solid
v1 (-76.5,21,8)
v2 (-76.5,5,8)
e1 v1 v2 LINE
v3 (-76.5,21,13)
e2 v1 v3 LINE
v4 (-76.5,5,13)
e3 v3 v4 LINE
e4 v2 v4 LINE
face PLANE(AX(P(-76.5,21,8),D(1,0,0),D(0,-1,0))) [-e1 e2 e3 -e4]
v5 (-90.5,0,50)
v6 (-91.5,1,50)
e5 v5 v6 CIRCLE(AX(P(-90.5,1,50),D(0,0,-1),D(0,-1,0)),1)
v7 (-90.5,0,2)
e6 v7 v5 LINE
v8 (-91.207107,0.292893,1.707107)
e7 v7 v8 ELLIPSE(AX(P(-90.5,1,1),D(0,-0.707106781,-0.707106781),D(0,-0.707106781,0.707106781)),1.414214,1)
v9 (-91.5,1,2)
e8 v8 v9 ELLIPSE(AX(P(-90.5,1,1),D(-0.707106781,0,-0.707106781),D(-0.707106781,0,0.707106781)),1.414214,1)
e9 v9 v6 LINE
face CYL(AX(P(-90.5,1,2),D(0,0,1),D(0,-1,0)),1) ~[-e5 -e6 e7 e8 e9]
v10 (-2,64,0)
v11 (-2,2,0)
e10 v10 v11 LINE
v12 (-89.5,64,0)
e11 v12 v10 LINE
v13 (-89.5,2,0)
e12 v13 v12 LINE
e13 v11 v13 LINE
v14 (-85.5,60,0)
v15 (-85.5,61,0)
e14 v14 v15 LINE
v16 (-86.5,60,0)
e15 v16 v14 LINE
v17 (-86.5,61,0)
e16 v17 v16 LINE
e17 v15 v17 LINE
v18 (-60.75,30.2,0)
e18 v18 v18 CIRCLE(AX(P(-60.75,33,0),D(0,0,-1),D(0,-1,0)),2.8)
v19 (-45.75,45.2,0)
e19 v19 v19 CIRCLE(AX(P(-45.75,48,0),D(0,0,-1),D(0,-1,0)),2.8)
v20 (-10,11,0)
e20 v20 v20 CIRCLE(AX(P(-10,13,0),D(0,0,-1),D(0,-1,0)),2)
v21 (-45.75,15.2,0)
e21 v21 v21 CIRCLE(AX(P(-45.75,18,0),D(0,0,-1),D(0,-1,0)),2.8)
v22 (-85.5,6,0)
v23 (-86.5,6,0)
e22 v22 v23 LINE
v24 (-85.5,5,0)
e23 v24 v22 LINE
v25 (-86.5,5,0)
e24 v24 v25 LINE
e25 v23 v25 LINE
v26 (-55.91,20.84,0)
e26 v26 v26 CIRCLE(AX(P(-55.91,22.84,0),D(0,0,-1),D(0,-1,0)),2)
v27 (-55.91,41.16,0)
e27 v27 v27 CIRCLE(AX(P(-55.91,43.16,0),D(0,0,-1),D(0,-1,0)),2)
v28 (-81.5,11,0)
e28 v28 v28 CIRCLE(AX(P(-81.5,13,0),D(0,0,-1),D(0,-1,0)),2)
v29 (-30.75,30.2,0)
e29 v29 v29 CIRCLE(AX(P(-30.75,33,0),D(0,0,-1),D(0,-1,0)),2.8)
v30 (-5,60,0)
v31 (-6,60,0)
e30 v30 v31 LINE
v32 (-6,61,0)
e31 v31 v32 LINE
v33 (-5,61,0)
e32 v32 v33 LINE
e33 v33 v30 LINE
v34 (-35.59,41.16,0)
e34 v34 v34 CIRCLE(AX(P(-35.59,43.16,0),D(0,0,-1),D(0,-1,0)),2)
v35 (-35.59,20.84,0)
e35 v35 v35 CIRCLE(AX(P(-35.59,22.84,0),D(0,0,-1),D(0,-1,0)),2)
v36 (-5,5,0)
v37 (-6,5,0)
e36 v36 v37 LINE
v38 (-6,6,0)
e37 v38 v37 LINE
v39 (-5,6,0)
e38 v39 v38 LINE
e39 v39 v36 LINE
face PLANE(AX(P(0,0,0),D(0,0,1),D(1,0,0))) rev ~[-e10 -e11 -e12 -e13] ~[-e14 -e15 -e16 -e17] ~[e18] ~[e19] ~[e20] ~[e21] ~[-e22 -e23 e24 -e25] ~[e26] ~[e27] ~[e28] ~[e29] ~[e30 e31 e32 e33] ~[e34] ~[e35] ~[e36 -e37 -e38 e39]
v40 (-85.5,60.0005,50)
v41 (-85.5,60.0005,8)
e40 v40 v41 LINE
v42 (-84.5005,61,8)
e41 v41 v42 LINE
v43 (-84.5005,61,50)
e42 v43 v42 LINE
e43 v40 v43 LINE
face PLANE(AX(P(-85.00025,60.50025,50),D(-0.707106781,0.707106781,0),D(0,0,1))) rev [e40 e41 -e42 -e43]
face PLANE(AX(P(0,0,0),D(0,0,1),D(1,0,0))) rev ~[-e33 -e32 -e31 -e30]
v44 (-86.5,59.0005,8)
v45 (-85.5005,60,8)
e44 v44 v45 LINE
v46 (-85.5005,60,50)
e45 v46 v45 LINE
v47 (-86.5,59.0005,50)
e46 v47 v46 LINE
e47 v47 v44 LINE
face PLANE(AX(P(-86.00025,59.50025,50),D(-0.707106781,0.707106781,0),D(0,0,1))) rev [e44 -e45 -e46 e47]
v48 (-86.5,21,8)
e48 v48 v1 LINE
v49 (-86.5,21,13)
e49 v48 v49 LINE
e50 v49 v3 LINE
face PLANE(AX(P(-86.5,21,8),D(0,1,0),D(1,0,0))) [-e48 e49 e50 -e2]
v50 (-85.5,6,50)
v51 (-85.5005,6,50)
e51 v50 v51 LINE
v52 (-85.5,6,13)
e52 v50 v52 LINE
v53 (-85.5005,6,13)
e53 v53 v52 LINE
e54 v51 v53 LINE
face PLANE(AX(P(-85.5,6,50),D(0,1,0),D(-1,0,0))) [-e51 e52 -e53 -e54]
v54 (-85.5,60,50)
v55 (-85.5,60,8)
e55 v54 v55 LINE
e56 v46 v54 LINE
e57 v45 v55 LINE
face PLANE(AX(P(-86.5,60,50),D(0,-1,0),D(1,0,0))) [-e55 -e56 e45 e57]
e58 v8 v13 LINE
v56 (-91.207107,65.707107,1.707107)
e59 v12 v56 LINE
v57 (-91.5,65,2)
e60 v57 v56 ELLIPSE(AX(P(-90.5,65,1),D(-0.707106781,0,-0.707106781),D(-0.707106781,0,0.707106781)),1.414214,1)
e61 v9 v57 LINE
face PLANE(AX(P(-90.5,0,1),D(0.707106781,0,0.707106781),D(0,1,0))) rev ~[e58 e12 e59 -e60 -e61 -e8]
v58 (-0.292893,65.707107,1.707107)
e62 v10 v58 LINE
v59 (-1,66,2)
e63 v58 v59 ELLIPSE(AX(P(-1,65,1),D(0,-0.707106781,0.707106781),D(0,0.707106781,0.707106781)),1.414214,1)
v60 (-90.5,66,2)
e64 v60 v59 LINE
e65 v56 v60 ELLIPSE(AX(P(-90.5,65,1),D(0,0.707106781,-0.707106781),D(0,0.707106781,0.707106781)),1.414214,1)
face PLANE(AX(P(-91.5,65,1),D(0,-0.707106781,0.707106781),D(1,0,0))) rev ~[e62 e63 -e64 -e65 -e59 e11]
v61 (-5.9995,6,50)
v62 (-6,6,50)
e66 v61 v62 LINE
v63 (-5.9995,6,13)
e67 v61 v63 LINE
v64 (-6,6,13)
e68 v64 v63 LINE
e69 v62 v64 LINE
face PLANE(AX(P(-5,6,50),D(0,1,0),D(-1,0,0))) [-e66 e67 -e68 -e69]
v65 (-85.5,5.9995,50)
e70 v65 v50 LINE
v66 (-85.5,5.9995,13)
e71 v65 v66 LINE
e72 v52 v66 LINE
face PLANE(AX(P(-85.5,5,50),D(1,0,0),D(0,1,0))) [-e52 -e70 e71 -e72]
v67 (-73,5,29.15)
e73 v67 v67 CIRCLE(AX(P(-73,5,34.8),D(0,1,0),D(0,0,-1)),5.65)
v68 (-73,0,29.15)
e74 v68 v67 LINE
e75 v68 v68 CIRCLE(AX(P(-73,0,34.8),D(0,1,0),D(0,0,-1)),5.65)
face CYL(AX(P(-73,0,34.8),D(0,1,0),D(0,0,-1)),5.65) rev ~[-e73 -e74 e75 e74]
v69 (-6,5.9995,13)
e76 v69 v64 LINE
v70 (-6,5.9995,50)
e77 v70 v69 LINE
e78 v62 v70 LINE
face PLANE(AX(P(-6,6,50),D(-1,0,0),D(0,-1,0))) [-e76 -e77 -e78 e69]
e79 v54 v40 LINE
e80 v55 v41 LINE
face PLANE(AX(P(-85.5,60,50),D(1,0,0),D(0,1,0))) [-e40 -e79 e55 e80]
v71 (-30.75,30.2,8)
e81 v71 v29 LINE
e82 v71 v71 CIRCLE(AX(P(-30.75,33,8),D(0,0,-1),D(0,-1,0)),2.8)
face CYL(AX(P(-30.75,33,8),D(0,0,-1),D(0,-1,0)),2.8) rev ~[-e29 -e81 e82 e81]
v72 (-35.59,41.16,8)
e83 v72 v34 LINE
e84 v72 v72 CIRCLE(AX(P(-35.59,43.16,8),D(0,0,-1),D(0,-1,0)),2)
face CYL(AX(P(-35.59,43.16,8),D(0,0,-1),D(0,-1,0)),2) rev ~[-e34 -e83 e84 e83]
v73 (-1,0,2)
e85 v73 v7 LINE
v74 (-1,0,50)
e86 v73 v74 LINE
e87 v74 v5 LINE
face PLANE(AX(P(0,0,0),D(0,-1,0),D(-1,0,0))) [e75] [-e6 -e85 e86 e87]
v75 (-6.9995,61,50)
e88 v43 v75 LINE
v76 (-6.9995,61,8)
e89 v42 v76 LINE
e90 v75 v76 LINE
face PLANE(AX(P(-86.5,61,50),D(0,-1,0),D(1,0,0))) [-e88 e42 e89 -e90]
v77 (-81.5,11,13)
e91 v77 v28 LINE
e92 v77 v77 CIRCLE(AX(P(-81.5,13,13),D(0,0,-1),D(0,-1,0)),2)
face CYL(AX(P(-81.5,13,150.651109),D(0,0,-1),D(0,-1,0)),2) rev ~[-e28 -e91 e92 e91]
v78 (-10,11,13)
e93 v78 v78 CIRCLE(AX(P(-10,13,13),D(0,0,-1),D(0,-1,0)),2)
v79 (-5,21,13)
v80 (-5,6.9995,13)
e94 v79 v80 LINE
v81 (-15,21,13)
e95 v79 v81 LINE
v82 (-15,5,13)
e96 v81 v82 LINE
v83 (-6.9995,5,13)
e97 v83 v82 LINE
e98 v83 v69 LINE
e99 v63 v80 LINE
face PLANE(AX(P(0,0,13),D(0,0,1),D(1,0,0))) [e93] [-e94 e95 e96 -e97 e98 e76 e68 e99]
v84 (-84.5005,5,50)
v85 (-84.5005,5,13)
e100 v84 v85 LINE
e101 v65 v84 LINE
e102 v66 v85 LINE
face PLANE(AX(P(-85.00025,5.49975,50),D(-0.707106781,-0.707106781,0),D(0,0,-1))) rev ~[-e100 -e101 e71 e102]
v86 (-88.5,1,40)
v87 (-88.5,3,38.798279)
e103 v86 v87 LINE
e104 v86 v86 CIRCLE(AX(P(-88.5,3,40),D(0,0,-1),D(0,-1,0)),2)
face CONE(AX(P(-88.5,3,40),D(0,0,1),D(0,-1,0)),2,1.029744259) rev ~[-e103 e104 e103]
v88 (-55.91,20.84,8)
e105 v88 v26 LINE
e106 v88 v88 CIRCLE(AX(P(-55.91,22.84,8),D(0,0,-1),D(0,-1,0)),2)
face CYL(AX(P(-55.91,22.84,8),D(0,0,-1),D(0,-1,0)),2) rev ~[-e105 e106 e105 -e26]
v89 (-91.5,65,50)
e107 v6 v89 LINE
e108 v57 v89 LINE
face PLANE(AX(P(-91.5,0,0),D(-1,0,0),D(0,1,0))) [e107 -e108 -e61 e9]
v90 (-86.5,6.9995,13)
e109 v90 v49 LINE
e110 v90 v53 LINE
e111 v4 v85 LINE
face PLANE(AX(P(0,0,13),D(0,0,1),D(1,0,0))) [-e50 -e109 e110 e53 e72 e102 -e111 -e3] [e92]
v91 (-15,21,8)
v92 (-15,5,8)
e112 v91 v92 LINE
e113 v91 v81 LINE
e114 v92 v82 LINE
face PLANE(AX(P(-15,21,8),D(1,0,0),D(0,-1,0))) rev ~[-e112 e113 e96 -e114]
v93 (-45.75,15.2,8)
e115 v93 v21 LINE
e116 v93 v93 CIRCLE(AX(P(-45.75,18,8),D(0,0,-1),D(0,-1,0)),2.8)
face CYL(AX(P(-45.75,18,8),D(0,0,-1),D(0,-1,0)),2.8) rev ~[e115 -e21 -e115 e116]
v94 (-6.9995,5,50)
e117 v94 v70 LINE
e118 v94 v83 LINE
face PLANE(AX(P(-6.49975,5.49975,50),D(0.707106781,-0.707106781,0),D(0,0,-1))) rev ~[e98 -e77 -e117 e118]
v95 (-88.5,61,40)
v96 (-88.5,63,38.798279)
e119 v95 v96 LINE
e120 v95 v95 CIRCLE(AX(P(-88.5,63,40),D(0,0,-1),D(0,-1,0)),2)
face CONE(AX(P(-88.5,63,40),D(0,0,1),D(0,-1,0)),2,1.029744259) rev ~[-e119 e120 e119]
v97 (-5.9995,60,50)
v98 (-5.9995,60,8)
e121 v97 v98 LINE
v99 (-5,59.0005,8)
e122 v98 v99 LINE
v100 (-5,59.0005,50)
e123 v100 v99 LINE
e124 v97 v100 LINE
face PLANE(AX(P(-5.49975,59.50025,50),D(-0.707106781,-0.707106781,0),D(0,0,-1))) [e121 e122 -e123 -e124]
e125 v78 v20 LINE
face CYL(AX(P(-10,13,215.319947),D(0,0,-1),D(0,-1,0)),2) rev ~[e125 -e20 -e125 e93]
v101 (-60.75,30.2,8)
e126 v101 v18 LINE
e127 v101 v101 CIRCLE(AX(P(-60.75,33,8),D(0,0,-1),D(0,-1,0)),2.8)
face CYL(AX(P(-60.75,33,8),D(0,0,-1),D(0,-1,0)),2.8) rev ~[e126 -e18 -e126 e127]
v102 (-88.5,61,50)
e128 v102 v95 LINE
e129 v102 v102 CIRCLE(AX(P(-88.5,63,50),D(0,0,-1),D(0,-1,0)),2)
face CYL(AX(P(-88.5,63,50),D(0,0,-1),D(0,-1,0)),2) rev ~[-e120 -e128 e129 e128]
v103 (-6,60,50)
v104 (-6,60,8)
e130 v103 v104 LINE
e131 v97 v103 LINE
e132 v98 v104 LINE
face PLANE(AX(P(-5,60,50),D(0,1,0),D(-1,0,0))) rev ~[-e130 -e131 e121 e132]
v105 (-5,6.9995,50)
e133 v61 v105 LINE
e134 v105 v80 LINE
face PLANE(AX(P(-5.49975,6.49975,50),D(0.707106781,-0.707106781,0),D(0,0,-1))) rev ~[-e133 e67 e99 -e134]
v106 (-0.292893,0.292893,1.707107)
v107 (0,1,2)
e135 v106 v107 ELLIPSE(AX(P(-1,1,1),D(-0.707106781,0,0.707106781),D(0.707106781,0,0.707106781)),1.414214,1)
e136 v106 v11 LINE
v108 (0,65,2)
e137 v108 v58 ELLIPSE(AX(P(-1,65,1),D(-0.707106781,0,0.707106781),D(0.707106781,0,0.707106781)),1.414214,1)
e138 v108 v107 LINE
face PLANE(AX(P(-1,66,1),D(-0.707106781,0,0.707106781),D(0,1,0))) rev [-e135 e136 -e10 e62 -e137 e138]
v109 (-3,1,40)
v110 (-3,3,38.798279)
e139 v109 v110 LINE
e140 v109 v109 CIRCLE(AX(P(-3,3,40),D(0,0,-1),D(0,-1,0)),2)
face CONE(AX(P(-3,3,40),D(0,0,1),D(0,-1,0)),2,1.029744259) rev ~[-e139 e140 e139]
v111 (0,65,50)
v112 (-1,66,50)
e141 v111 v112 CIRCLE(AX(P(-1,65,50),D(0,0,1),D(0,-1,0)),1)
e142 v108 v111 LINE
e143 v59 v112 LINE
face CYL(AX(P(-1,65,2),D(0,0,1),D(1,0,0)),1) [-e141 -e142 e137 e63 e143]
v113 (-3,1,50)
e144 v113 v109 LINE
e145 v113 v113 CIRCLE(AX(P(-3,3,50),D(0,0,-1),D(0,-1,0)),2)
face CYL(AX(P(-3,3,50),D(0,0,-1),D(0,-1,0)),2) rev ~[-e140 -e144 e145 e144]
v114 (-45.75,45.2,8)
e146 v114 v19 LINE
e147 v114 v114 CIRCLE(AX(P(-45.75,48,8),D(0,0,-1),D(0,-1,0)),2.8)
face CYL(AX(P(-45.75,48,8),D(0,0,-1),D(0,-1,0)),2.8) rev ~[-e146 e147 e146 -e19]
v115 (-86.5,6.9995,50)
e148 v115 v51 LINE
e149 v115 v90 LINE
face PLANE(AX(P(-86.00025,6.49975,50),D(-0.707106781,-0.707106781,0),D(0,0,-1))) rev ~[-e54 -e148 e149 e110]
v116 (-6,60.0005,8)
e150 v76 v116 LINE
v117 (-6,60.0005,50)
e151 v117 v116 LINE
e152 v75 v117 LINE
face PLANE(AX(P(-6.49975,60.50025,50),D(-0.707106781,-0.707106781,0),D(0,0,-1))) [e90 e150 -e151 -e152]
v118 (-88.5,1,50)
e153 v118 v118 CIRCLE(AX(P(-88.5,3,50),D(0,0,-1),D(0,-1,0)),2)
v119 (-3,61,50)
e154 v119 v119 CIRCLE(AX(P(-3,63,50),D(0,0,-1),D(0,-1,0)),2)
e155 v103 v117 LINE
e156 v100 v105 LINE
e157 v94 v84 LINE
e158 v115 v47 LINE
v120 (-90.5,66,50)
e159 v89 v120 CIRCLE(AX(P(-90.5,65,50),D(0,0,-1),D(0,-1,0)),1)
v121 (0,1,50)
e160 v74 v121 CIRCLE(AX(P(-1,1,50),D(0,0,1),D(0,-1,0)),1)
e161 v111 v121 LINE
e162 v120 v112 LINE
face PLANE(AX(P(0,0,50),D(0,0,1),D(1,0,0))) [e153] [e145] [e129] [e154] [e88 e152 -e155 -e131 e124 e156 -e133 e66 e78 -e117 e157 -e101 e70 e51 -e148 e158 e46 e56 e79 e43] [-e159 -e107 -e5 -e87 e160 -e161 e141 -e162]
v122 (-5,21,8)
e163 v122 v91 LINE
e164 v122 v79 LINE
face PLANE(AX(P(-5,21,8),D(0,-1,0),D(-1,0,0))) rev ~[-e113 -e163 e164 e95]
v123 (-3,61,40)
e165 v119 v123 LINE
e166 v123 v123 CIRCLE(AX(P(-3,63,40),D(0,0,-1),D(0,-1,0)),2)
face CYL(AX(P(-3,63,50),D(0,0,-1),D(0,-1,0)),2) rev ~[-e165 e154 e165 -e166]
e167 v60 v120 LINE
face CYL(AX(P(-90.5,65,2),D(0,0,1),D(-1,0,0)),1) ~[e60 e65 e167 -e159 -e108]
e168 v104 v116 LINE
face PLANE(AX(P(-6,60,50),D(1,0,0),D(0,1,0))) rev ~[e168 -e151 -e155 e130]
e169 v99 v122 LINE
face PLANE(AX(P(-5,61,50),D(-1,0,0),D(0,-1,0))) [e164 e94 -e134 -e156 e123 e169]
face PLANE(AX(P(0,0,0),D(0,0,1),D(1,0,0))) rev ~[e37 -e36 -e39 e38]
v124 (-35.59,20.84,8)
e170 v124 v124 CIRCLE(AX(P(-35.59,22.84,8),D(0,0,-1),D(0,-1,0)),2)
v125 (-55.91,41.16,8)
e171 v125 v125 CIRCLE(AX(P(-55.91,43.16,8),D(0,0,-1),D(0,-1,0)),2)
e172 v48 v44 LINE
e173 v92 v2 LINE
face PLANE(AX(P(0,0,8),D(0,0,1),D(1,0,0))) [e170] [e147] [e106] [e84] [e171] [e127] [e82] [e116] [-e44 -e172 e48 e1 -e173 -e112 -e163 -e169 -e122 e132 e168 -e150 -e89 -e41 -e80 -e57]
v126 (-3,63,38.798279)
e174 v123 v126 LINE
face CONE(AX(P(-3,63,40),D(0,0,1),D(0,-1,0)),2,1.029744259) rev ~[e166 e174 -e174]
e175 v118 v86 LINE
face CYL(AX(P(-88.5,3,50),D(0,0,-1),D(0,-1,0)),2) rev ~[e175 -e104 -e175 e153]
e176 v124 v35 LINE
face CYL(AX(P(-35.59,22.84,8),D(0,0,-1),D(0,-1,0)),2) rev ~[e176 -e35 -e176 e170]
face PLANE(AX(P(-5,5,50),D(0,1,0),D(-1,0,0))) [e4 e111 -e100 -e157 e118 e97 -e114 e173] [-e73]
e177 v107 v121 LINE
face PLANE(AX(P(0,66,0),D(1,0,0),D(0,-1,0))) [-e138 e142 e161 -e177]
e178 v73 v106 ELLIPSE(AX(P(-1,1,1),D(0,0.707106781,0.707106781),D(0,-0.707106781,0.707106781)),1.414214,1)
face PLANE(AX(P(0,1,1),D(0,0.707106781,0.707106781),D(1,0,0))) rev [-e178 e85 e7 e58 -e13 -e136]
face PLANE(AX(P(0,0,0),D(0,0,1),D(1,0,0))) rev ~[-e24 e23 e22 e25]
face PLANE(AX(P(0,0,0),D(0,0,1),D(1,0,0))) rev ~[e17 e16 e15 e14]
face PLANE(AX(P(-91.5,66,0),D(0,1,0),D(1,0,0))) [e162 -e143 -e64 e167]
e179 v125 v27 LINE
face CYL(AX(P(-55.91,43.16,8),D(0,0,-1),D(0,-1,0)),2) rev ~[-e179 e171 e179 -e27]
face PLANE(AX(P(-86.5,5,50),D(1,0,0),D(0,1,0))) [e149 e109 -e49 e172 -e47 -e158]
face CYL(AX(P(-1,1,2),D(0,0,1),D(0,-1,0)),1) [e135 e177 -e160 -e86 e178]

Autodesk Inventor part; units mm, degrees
ref_plane "YZ Plane" through (0, 0, 0) normal (1, 0, 0) x (0, 1, 0)
ref_plane "XZ Plane" through (0, 0, 0) normal (0, 1, 0) x (-1, 0, 0)
ref_plane "XY Plane" through (0, 0, 0) normal (0, 0, 1) x (1, 0, 0)
sketch "Sketch1" plane through (0, 0, 0) normal (0, 0, 1) x (1, 0, 0)
  line L0 (0, 0) -> (-91.5, 0)
  line L1 (-91.5, 0) -> (-91.5, 66)
  line L2 (-91.5, 66) -> (0, 66)
  line L3 (0, 66) -> (0, 0)
  point P0 (-45.75, 66)
  dimension "d1" = 66
  dimension "d2" = 91.5
extrude "Extrusion1" add sketch "Sketch1" along normal blind 50
sketch "Sketch2" plane through (0, 0, 50) normal (0, 0, 1) x (1, 0, 0)
  line L0 (-86.5, 61) -> (-5, 61)
  line L1 (-5, 61) -> (-5, 5)
  line L2 (-5, 5) -> (-86.5, 5)
  line L3 (-86.5, 5) -> (-86.5, 61)
  line L4 (0, 66) -> (-91.5, 66) projected
  line L5 (0, 0) -> (0, 66) projected
  line L6 (-91.5, 0) -> (0, 0) projected
  line L7 (-91.5, 66) -> (-91.5, 0) projected
  dimension "d5" = 5
  dimension "d6" = 5
  dimension "d7" = 5
  dimension "d8" = 5
extrude "Extrusion2" cut sketch "Sketch2" against normal blind 42 contours L0 L1 L2 L3
sketch "Sketch3" plane through (0, 0, 8) normal (0, 0, 1) x (1, 0, 0)
  line L0 (-5, 5) -> (-86.5, 5) projected
  line L1 (-86.5, 61) -> (-5, 61) projected
  line L2 (-86.5, 5) -> (-5, 61)
  line L3 (-5, 5) -> (-86.5, 61)
  line L4 (-45.75, 48) -> (-60.75, 33)
  line L5 (-60.75, 33) -> (-45.75, 18)
  line L6 (-45.75, 18) -> (-30.75, 33)
  line L7 (-45.75, 48) -> (-45.75, 18)
  line L8 (-30.75, 33) -> (-60.75, 33)
  line L9 (-45.75, 48) -> (-30.75, 33)
  line L10 (-45.75, 33) -> (-45.75, 61)
  point P0 (0, 0)
  dimension "d11" = 30
hole "Hole1" at (-45.75, 48, 8) at (-60.75, 33, 8) at (-45.75, 18, 8) at (-30.75, 33, 8) direction (0, 0, -1) diameter 5.6 end through all
sketch "Sketch5" plane through (0, 0, 8) normal (0, 0, 1) x (1, 0, 0)
  line L0 (-55.91, 43.16) -> (-35.59, 43.16)
  line L1 (-35.59, 43.16) -> (-35.59, 22.84)
  line L2 (-35.59, 22.84) -> (-55.91, 22.84)
  line L3 (-55.91, 22.84) -> (-55.91, 43.16)
  line L4 (-35.59, 43.16) -> (-55.91, 22.84)
  line L5 (-55.91, 43.16) -> (-35.59, 22.84)
  line L6 (-86.5, 61) -> (-5, 61) projected
  line L7 (-5, 5) -> (-86.5, 5) projected
  line L8 (-86.5, 61) -> (-5, 5)
  line L9 (-5, 61) -> (-86.5, 5)
  point P0 (0, 0)
  point P1 (-45.75, 33)
  dimension "d26" = 20.32
  dimension "d27" = 20.32
hole "Hole3" at (-55.91, 43.16, 8) at (-35.59, 43.16, 8) at (-35.59, 22.84, 8) at (-55.91, 22.84, 8) direction (0, 0, -1) diameter 4 depth 8 tip angle 118
sketch "Sketch6" plane through (0, 0, 50) normal (0, 0, 1) x (1, 0, 0)
  line L0 (-5, 5) -> (-86.5, 5) projected
  line L1 (-86.5, 5) -> (-85.5, 5)
  line L2 (-85.5, 5) -> (-85.5, 6)
  line L3 (-85.5, 6) -> (-86.5, 6)
  line L4 (-86.5, 6) -> (-86.5, 5)
  line L5 (-5, 61) -> (-5, 5) projected
  line L6 (-5, 6) -> (-6, 6)
  line L7 (-6, 6) -> (-6, 5)
  line L8 (-6, 5) -> (-5, 5)
  line L9 (-5, 5) -> (-5, 6)
  line L10 (-5, 60) -> (-6, 60)
  line L11 (-6, 60) -> (-6, 61)
  line L12 (-6, 61) -> (-5, 61)
  line L13 (-5, 61) -> (-5, 60)
  line L14 (-85.5, 61) -> (-86.5, 61)
  line L15 (-86.5, 61) -> (-86.5, 60)
  line L16 (-86.5, 60) -> (-85.5, 60)
  line L17 (-85.5, 60) -> (-85.5, 61)
  point P0 (0, 0)
  point P1 (-85.5, 5.5)
  dimension "d35" = 1
  dimension "d36" = 1
  dimension "d37" = 1
  dimension "d38" = 1
  dimension "d39" = 1
  dimension "d40" = 1
  dimension "d41" = 1
extrude "Extrusion3" add sketch "Sketch6" against normal through all
sketch "Sketch7" plane through (0, 0, 50) normal (0, 0, 1) x (1, 0, 0)
  line L0 (-85.5, 60) -> (-86.5, 60) projected
  line L1 (-91.5, 66) -> (-91.5, 0) projected
  line L2 (-85.5, 60) -> (-91.5, 66)
  line L3 (-85.5, 5) -> (-85.5, 6) projected
  line L4 (-85.5, 6) -> (-91.5, 0)
  line L5 (0, 0) -> (-6, 6)
  line L6 (0, 66) -> (-91.5, 66) projected
  line L7 (-6, 60) -> (-6, 61) projected
  line L8 (0, 66) -> (-6, 60)
  line L9 (0, 0) -> (0, 66) projected
  line L10 (-91.5, 0) -> (0, 0) projected
  point P0 (-3, 63)
  point P1 (-88.5, 63)
  point P2 (-88.5, 3)
  point P3 (-3, 3)
  point P4 (-3, 3)
  dimension "d44" = 3
  dimension "d45" = 3
hole "Hole4" at (-3, 63, 50) at (-88.5, 63, 50) at (-88.5, 3, 50) at (-3, 3, 50) direction (0, 0, -1) diameter 4 depth 10 tip angle 118
sketch "Sketch8" plane through (-91.5, 0, 0) normal (0, -1, 0) x (1, 0, 0)
  line L0 (91.5, 0) -> (91.5, 50) projected
  line L1 (0, 0) -> (91.5, 0) projected
  point P0 (18.5, 34.8)
  point P1 (91.5, 25)
  dimension "d75" = 73
  dimension "d76" = 34.8
hole "Hole5" at (-73, 0, 34.8) direction (0, 1, 0) diameter 11.3 depth 10 tip angle 118
sketch "Sketch10" plane through (0, 0, 8) normal (0, 0, 1) x (1, 0, 0)
  line L0 (-6, 5) -> (-85.5, 5) projected
  line L1 (-86.5, 6) -> (-86.5, 60) projected
  line L2 (-76.5, 5) -> (-86.5, 5)
  line L3 (-86.5, 5) -> (-86.5, 33)
  line L4 (-86.5, 21) -> (-76.5, 21)
  line L5 (-76.5, 21) -> (-76.5, 5)
  line L6 (-5, 60) -> (-5, 6) projected
  line L7 (-15, 5) -> (-5, 5)
  line L8 (-5, 5) -> (-5, 33)
  line L9 (-5, 21) -> (-15, 21)
  line L10 (-15, 21) -> (-15, 5)
  point P0 (0, 0)
  point P1 (-5, 21)
  dimension "d71" = 10
  dimension "d72" = 10
  dimension "d85" = 16
  dimension "d86" = 16
extrude "Extrusion4" add sketch "Sketch10" along normal blind 5
sketch "Sketch9" plane through (0, 0, 8) normal (0, 0, 1) x (1, 0, 0)
  line L0 (-6, 5) -> (-85.5, 5) projected
  line L1 (-86.5, 6) -> (-86.5, 60) projected
  point P0 (0, 0)
  point P1 (-10, 13)
  point P2 (-81.5, 13)
  dimension "d67" = 8
  dimension "d68" = 8
  dimension "d69" = 71.5
  dimension "d70" = 5
hole "Hole6" at (-10, 13, 8) at (-81.5, 13, 8) direction (0, 0, -1) diameter 4 end through all both
chamfer "Chamfer1" distance 2 angle 45 4 edges at (-45.75, 0, 0) (-91.5, 33, 0) (-45.75, 66, 0) (0, 33, 0)
fillet "Fillet2" radius 1 4 edges at (0, 0, 26) (-91.5, 0, 26) (-91.5, 66, 26) (0, 66, 26)
chamfer "Chamfer2" distance 1 angle 45 8 edges at (-86.5, 6, 31.5) (-85.5, 5, 31.5) (-86.5, 60, 29) (-85.5, 61, 29) (-6, 5, 31.5) (-5, 6, 31.5) (-6, 61, 29) (-5, 60, 29)
properties part number "boitierPCB"
